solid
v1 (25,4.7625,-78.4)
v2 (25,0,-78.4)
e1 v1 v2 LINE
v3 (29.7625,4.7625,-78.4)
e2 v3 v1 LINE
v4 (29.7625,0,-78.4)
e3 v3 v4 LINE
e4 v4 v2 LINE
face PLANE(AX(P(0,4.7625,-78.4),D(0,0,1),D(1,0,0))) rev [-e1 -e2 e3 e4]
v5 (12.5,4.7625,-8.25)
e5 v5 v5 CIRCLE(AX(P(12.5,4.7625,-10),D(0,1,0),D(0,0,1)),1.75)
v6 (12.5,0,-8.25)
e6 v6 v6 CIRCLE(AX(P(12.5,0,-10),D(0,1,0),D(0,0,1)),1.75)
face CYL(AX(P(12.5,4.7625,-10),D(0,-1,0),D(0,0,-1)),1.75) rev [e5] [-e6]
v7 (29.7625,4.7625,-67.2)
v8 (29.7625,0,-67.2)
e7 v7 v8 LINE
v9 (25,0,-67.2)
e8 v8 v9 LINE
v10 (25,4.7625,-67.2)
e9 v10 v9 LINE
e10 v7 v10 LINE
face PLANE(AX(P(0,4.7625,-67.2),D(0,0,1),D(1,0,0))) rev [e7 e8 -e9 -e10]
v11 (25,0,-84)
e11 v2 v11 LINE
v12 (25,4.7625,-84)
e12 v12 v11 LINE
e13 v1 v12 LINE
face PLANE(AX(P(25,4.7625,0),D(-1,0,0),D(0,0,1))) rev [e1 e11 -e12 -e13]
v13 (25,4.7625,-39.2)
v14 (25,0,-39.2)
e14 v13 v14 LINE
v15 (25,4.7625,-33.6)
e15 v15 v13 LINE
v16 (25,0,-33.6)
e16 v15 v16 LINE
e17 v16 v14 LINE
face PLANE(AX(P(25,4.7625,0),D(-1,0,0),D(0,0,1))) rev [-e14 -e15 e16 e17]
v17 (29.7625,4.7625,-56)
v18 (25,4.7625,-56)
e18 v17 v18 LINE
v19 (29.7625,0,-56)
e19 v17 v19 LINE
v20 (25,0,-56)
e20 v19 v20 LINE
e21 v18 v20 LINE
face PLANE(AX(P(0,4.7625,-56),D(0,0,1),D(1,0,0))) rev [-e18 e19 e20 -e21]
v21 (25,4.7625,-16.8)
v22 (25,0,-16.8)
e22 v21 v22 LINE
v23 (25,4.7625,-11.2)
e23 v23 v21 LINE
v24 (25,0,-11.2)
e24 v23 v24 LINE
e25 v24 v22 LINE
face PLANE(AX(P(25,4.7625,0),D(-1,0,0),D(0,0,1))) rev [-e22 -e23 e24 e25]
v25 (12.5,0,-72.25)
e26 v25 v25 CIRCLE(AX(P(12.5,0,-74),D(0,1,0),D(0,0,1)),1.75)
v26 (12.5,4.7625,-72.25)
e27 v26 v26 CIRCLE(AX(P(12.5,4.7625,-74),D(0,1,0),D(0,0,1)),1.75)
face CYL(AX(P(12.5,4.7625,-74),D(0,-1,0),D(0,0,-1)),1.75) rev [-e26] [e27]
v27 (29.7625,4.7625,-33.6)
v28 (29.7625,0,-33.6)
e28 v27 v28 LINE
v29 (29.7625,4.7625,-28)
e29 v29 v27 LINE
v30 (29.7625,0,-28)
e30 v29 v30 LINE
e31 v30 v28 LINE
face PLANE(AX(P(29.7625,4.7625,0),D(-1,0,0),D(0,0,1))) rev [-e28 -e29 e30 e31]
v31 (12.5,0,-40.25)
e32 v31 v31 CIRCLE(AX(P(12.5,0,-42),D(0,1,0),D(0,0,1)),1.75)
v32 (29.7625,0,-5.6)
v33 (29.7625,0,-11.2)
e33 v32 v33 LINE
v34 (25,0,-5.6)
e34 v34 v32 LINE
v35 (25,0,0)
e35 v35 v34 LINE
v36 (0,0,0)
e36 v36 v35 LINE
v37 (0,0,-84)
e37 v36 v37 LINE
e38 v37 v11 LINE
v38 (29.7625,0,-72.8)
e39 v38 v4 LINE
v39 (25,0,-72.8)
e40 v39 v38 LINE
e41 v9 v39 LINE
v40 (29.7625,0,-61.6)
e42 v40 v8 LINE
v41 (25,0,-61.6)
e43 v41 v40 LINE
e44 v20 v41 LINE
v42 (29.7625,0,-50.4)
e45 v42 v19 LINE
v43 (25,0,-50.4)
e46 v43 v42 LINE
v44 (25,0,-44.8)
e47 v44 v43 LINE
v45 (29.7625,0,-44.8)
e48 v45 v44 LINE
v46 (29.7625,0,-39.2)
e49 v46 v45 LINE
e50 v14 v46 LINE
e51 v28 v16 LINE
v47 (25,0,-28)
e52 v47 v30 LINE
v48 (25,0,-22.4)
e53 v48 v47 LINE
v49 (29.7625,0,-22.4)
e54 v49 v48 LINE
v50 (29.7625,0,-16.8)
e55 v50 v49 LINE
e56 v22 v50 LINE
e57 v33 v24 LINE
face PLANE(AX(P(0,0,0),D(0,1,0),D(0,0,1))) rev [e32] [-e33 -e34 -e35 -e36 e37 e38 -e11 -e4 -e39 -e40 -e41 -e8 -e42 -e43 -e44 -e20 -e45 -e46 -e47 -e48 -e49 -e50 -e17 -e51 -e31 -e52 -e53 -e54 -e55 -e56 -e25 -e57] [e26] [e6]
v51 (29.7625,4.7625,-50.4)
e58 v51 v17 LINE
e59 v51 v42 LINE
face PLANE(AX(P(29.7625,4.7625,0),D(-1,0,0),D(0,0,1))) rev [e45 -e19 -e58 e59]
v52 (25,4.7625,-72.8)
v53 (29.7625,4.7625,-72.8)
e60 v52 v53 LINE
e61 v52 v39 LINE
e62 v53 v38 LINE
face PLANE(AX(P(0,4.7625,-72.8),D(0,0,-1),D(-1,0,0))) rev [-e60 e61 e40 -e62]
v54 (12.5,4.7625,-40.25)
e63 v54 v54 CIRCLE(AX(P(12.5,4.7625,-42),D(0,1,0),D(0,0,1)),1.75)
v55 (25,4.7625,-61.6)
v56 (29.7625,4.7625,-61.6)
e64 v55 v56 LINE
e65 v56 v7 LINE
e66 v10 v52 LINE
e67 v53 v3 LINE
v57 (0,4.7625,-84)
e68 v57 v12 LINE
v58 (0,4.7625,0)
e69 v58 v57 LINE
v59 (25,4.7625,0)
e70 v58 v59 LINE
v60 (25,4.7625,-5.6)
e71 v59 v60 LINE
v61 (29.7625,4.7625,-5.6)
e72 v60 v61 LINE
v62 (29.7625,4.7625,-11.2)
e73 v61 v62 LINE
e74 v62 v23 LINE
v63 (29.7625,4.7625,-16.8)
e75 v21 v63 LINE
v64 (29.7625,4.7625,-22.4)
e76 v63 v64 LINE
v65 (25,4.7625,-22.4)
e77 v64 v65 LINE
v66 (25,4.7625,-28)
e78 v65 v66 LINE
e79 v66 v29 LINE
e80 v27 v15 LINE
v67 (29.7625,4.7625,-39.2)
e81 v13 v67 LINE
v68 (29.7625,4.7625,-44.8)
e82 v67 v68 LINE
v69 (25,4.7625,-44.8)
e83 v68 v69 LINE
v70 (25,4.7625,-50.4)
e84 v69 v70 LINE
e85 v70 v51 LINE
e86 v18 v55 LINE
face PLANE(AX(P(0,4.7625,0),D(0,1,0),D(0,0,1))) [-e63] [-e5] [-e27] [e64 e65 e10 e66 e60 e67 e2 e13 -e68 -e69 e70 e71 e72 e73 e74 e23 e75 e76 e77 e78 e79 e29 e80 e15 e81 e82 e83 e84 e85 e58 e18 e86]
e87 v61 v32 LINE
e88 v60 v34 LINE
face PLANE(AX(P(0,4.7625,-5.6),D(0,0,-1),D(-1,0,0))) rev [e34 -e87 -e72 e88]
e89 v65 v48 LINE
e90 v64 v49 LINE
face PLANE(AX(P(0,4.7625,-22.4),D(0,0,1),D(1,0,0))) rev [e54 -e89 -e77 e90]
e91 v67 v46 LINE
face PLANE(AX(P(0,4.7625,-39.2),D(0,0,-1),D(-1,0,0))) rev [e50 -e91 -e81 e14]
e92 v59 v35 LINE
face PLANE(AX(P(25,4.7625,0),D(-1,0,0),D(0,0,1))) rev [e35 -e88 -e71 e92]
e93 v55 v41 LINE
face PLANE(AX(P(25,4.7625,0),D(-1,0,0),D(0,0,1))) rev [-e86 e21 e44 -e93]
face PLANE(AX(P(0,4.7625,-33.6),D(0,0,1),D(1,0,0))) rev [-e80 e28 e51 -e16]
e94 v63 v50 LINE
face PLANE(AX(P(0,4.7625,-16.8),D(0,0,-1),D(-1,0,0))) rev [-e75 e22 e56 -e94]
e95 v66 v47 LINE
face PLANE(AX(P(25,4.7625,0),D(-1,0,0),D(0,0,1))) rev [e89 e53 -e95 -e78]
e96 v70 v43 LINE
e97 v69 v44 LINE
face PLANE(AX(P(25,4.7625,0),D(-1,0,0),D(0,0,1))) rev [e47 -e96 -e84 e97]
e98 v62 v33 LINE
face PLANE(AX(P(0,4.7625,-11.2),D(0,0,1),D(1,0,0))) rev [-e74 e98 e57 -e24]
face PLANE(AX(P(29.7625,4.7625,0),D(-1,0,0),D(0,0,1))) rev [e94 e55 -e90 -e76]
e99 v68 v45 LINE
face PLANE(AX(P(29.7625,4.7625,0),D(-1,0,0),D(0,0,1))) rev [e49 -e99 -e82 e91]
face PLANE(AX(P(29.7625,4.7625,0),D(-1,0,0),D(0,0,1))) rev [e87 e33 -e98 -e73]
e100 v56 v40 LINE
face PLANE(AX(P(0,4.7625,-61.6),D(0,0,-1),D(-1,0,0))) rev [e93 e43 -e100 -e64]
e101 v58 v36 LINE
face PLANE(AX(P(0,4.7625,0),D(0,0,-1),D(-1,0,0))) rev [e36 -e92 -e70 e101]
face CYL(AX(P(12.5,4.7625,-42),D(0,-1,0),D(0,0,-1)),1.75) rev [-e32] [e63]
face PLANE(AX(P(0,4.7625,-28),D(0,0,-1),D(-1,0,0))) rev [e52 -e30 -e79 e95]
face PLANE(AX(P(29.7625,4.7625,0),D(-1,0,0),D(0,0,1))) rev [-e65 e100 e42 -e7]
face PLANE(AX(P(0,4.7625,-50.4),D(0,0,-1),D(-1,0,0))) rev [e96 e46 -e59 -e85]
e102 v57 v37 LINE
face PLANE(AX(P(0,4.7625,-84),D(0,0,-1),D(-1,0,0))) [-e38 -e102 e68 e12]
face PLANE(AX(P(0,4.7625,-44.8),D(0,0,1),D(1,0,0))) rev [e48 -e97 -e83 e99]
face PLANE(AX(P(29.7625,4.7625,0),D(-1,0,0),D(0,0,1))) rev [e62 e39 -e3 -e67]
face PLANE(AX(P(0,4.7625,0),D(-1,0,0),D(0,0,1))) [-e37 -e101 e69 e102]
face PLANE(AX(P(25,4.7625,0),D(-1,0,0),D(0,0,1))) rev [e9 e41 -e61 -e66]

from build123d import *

# Parameters (mm, degrees)
SKETCH1_W           = 25
SKETCH1_H           = 84
SKETCH1_R           = 1.75
SKETCH1_W_2         = 4.7625
SKETCH1_H_2         = 5.6
BOSS_EXTRUDE1_DEPTH = 4.7625


with BuildPart() as part:
    # Sketch1 → Boss-Extrude1 (new body)
    with BuildSketch(Plane(origin=(0, 0, 0), x_dir=(1, 0, 0), z_dir=(0, 1, 0))):
        with Locations((12.5, 42)):
            Rectangle(SKETCH1_W, SKETCH1_H)
        with Locations((12.5, 10)):
            Circle(SKETCH1_R, mode=Mode.SUBTRACT)
        with Locations((12.5, 42)):
            Circle(SKETCH1_R, mode=Mode.SUBTRACT)
        with Locations((12.5, 74)):
            Circle(SKETCH1_R, mode=Mode.SUBTRACT)
        with Locations((27.38125, 30.8)):
            Rectangle(SKETCH1_W_2, SKETCH1_H_2)
        with Locations((27.38125, 19.6)):
            Rectangle(SKETCH1_W_2, SKETCH1_H_2)
        with Locations((27.38125, 42)):
            Rectangle(SKETCH1_W_2, SKETCH1_H_2)
        with Locations((27.38125, 53.2)):
            Rectangle(SKETCH1_W_2, SKETCH1_H_2)
        with Locations((27.38125, 64.4)):
            Rectangle(SKETCH1_W_2, SKETCH1_H_2)
        with Locations((27.38125, 75.6)):
            Rectangle(SKETCH1_W_2, SKETCH1_H_2)
        with Locations((27.38125, 8.4)):
            Rectangle(SKETCH1_W_2, SKETCH1_H_2)
    extrude(amount=BOSS_EXTRUDE1_DEPTH)


solid = part.part
